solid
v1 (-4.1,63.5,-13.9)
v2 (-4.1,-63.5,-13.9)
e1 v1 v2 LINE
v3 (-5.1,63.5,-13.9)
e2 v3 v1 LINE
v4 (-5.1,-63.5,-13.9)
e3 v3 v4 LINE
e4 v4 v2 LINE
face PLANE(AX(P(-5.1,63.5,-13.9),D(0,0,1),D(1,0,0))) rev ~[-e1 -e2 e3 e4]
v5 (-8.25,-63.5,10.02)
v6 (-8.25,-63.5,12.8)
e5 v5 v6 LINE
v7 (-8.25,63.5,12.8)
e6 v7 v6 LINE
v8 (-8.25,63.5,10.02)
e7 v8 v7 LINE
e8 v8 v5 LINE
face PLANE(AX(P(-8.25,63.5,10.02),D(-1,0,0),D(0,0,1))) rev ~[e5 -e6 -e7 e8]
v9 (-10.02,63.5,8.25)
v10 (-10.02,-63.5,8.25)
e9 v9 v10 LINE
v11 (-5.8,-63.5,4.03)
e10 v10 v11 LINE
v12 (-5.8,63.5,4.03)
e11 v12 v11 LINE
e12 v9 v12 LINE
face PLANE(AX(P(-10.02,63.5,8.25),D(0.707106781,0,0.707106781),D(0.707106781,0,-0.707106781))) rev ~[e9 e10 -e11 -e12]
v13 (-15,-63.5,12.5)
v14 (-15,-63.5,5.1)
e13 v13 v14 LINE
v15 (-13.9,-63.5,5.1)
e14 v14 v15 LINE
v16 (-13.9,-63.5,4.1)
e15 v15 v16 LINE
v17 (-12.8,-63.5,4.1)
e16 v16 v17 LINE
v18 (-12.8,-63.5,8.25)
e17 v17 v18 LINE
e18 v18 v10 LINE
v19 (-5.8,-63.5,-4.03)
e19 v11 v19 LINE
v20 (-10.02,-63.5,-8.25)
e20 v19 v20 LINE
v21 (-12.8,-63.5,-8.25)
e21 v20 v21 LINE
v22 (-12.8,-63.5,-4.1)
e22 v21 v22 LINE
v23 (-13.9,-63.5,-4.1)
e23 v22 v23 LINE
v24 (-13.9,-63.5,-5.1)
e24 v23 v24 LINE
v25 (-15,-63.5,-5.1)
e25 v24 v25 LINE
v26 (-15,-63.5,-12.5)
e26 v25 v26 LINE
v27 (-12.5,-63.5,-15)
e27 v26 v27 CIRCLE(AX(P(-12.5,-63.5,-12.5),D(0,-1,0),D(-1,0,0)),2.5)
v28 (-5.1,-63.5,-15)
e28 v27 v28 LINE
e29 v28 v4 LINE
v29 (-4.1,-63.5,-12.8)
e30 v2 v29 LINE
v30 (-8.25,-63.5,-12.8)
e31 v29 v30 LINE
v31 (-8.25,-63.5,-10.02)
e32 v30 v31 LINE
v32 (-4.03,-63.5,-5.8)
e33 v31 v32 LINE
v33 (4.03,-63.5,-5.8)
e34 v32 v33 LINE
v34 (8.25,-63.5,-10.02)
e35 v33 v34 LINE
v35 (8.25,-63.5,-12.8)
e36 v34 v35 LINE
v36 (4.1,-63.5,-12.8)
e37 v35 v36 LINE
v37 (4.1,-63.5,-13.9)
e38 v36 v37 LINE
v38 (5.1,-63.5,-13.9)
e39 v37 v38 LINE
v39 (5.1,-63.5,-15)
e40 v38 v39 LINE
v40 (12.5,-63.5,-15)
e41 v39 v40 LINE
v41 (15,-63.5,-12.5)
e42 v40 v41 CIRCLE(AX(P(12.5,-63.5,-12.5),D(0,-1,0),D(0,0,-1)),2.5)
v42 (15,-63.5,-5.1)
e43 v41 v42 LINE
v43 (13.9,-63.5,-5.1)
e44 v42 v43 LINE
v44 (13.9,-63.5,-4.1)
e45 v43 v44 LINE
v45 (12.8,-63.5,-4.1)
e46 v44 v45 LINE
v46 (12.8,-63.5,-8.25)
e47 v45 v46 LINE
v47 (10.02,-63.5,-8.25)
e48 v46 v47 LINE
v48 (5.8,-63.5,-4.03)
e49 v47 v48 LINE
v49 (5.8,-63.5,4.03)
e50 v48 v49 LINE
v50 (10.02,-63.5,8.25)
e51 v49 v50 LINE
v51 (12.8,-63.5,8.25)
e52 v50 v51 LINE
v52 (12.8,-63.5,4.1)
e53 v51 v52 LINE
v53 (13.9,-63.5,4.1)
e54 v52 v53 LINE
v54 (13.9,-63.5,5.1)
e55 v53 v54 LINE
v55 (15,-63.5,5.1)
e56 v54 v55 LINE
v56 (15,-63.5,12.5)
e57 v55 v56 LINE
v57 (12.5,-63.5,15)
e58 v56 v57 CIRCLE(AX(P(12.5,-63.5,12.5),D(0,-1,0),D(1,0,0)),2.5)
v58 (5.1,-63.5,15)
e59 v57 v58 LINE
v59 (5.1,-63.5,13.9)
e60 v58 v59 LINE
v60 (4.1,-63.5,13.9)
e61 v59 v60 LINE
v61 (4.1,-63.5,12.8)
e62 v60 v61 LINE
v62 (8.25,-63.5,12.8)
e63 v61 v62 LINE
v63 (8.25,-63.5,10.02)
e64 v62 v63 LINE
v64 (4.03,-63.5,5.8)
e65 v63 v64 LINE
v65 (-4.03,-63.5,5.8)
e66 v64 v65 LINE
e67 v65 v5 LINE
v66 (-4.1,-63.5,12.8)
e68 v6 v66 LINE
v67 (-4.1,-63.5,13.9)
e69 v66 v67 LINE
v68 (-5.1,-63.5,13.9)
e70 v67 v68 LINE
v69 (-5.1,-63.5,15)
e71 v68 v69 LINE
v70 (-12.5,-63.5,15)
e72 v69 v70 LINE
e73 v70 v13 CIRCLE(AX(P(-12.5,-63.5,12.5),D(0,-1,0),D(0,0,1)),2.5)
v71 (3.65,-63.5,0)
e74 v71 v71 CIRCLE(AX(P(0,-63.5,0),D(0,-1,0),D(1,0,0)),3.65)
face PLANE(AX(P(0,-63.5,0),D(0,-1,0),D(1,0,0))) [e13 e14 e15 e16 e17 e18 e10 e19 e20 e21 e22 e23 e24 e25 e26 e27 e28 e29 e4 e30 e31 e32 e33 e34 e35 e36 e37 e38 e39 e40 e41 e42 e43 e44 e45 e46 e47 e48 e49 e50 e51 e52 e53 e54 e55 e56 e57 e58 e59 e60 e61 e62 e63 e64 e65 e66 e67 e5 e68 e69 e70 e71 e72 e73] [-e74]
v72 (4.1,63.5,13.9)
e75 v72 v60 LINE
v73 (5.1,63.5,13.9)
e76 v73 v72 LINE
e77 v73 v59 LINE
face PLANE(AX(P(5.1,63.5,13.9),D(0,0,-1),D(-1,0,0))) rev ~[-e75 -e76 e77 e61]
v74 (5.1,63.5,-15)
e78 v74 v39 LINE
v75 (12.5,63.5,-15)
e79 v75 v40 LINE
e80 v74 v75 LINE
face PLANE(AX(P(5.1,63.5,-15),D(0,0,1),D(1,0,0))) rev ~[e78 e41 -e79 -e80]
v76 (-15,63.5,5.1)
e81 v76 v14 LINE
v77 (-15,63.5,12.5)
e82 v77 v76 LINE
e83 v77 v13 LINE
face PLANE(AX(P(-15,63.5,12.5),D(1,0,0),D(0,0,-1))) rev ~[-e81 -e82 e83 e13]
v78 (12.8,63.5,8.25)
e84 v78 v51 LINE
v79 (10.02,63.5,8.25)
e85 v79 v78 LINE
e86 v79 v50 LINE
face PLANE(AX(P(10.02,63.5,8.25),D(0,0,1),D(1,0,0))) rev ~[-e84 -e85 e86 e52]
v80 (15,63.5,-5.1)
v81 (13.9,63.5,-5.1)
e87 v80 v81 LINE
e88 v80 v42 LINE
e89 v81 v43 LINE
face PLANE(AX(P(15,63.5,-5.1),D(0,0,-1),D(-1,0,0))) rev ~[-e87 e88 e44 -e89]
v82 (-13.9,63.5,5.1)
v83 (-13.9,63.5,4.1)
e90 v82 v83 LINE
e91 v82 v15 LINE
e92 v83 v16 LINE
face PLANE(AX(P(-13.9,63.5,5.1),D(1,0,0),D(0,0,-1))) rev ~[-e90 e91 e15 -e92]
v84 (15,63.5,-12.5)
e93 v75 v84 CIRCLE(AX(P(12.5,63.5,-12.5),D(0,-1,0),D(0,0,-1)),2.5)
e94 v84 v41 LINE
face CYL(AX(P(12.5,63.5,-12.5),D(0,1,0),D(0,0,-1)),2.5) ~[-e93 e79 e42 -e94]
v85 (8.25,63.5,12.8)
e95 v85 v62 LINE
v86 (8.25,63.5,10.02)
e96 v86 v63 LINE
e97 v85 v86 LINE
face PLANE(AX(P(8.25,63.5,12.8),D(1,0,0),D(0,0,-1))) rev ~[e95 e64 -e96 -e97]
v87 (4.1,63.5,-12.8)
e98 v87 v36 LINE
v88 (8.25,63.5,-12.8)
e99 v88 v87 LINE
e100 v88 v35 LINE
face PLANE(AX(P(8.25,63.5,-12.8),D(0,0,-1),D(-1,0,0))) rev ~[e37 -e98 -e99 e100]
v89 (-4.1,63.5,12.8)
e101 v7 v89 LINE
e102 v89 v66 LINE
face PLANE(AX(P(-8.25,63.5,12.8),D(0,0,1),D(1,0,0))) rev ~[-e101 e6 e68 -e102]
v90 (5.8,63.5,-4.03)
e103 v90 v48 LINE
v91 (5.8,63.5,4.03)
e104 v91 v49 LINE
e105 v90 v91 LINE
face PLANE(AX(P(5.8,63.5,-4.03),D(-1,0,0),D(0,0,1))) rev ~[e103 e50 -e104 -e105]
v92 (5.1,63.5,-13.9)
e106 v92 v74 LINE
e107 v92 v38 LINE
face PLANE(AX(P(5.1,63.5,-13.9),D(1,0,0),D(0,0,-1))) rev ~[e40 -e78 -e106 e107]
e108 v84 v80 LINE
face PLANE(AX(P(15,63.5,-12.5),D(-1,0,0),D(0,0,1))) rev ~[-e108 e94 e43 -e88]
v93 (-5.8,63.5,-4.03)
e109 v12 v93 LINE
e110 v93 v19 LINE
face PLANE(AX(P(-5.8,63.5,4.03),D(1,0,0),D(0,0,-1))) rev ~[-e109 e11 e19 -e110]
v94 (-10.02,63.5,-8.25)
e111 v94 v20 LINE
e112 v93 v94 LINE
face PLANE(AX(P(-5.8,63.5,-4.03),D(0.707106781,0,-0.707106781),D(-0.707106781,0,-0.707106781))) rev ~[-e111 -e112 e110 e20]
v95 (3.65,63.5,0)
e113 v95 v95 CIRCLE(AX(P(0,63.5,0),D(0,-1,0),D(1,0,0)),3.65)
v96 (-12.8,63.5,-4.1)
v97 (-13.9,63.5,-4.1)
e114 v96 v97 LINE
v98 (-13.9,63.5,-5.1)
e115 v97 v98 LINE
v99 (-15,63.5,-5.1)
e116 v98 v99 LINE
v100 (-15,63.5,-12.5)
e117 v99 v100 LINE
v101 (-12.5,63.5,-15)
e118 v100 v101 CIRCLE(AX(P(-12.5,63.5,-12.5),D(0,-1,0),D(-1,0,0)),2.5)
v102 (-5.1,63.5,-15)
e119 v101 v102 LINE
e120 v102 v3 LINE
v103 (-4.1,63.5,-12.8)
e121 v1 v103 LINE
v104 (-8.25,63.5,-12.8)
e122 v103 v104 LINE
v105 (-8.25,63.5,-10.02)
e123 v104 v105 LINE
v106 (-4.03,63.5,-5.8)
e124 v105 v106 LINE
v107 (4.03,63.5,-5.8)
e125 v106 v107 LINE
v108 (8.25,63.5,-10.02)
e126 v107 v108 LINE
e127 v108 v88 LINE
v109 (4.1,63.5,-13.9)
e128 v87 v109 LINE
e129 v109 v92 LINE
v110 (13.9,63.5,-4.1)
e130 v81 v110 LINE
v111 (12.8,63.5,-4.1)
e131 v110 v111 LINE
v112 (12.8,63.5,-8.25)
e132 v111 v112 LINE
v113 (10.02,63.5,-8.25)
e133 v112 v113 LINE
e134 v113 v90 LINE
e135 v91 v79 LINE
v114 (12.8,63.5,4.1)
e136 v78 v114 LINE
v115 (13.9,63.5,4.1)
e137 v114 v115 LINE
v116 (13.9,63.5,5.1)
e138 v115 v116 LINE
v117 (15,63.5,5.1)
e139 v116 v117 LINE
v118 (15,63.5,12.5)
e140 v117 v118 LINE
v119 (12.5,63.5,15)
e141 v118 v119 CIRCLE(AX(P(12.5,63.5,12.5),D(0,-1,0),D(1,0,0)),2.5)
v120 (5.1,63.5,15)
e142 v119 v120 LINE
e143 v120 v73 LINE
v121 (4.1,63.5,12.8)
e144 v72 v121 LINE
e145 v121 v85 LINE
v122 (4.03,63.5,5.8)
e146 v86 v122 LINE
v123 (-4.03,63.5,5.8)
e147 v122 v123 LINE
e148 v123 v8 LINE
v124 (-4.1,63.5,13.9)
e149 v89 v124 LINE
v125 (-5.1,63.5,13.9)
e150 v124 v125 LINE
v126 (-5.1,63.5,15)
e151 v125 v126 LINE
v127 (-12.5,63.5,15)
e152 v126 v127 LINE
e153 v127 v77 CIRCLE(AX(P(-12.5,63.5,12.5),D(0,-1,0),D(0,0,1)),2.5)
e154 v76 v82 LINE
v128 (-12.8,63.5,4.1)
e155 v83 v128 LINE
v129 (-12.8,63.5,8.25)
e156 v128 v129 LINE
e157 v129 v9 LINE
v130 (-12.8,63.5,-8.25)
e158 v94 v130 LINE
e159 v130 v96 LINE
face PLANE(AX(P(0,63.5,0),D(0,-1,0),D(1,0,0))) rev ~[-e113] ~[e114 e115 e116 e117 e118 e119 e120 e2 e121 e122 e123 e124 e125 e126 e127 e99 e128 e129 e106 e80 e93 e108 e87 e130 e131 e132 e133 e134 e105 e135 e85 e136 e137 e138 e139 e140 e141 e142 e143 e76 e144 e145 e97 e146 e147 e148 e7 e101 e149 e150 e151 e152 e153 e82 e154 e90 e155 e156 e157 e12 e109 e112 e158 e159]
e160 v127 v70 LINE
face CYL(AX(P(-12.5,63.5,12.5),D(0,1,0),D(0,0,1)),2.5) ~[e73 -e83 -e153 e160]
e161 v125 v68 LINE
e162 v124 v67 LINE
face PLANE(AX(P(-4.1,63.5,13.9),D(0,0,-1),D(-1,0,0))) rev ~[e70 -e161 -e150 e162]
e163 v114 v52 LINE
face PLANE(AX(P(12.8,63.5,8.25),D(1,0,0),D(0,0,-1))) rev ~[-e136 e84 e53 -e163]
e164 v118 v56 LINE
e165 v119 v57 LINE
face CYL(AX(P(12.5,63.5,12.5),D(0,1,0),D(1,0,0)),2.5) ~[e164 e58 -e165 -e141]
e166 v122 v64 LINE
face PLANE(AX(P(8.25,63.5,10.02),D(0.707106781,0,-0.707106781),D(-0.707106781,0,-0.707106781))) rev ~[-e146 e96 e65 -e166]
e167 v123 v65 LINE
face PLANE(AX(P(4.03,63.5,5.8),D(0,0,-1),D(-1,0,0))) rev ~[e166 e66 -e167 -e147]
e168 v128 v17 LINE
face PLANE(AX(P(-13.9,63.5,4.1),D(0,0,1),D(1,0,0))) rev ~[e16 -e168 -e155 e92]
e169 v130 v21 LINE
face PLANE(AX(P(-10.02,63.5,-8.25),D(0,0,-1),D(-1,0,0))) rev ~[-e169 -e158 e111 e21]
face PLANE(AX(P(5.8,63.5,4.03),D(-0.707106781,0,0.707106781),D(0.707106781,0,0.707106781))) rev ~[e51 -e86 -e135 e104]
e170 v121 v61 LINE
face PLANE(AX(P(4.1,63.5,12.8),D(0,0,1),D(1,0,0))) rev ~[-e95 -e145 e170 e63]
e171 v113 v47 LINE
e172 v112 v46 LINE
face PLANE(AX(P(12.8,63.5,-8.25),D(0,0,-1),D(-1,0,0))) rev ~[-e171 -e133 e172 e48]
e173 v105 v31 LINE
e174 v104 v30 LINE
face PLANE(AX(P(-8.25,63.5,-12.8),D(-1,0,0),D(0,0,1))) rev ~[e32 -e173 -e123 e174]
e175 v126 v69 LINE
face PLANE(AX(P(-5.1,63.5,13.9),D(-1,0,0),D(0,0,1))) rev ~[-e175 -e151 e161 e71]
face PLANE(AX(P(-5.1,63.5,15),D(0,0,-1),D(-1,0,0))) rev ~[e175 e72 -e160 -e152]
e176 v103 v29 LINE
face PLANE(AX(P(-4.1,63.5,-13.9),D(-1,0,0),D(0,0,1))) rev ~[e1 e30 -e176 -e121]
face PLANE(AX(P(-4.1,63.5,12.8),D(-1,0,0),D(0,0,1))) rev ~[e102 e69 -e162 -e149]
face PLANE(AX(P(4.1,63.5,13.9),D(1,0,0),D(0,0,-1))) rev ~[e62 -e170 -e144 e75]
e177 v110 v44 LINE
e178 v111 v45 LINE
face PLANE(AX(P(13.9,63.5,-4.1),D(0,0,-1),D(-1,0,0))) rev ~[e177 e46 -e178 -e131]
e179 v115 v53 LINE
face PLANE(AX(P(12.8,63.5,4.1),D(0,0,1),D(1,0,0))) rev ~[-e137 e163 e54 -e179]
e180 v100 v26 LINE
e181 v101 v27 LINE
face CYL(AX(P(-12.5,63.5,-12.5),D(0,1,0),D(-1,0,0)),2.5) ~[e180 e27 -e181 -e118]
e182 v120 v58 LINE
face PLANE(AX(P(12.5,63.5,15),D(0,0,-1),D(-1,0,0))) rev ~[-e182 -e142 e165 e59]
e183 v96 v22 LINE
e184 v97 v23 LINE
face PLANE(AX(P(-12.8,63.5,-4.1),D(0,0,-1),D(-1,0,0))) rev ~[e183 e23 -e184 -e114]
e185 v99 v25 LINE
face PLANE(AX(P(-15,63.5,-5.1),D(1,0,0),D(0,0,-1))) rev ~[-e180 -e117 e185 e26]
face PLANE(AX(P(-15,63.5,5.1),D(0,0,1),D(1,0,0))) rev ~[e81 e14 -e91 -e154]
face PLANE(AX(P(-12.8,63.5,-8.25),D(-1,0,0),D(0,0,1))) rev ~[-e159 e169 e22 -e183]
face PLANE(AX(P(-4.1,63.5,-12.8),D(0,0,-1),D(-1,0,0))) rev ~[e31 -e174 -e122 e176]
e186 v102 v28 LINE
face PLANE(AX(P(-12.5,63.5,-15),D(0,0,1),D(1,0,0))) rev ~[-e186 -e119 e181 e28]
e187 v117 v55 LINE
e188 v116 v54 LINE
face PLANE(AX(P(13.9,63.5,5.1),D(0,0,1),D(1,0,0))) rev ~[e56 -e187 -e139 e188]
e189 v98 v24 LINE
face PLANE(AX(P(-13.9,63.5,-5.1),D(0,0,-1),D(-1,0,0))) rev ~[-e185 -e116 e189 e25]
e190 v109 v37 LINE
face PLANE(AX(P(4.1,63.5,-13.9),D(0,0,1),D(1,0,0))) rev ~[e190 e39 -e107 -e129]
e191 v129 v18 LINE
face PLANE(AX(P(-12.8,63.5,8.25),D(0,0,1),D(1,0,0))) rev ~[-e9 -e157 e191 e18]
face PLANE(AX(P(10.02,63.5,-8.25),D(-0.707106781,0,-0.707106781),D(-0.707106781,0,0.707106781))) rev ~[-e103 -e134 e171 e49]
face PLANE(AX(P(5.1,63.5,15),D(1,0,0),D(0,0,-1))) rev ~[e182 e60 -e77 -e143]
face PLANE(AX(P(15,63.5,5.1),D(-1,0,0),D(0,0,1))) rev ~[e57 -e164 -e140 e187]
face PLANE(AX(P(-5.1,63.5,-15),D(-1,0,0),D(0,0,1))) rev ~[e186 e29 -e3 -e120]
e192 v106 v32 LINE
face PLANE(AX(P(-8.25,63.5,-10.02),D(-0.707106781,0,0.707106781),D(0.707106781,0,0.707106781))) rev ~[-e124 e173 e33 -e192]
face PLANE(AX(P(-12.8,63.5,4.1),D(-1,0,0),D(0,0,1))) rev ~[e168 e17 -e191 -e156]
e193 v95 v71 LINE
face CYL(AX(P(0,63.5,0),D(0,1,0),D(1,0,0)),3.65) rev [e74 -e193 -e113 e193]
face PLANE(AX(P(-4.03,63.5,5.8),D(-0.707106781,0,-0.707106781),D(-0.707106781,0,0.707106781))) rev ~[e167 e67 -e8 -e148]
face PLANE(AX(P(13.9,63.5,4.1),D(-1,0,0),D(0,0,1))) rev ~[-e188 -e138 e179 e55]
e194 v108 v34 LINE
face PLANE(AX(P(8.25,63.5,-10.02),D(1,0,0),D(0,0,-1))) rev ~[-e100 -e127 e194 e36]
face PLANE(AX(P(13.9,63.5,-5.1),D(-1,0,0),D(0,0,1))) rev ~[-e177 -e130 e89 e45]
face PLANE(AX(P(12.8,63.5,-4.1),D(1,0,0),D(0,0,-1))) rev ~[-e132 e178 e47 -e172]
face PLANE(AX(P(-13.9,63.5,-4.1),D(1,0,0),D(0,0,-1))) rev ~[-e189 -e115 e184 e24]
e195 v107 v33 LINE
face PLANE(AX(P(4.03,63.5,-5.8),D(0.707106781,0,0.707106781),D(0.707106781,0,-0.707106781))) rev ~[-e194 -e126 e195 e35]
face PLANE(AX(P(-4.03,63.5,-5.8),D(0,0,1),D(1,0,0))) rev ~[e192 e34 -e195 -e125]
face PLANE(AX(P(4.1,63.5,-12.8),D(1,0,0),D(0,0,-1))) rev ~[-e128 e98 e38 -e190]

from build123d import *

# Parameters (mm, degrees)
SKETCH13_R                          = 3.65
BOSCHREXROTH_BOSCH_30X30_V2_1_DEPTH = 127


with BuildPart() as part:
    # Sketch13 → Boschrexroth BOSCH_30X30_V2(1) (new body)
    with BuildSketch(Plane.XZ.offset(-63.5)):
        with BuildLine():
            Line((0, 5.8), (-4.03, 5.8))
            Line((-4.03, 5.8), (-8.25, 10.02))
            Line((-8.25, 10.02), (-8.25, 12.8))
            Line((-8.25, 12.8), (-4.1, 12.8))
            Line((-4.1, 12.8), (-4.1, 13.9))
            Line((-4.1, 13.9), (-5.1, 13.9))
            Line((-5.1, 13.9), (-5.1, 15))
            Line((-5.1, 15), (-12.5, 15))
            ThreePointArc((-12.5, 15), (-14.267766953, 14.267766953), (-15, 12.5))
            Line((-15, 12.5), (-15, 5.1))
            Line((-15, 5.1), (-13.9, 5.1))
            Line((-13.9, 5.1), (-13.9, 4.1))
            Line((-13.9, 4.1), (-12.8, 4.1))
            Line((-12.8, 4.1), (-12.8, 8.25))
            Line((-12.8, 8.25), (-10.02, 8.25))
            Line((-10.02, 8.25), (-5.8, 4.03))
            Line((-5.8, 4.03), (-5.8, 0))
            Line((-5.8, 0), (-5.8, -4.03))
            Line((-5.8, -4.03), (-10.02, -8.25))
            Line((-10.02, -8.25), (-12.8, -8.25))
            Line((-12.8, -8.25), (-12.8, -4.1))
            Line((-12.8, -4.1), (-13.9, -4.1))
            Line((-13.9, -4.1), (-13.9, -5.1))
            Line((-13.9, -5.1), (-15, -5.1))
            Line((-15, -5.1), (-15, -12.5))
            ThreePointArc((-15, -12.5), (-14.267766953, -14.267766953), (-12.5, -15))
            Line((-12.5, -15), (-5.1, -15))
            Line((-5.1, -15), (-5.1, -13.9))
            Line((-5.1, -13.9), (-4.1, -13.9))
            Line((-4.1, -13.9), (-4.1, -12.8))
            Line((-4.1, -12.8), (-8.25, -12.8))
            Line((-8.25, -12.8), (-8.25, -10.02))
            Line((-8.25, -10.02), (-4.03, -5.8))
            Line((-4.03, -5.8), (4.03, -5.8))
            Line((4.03, -5.8), (8.25, -10.02))
            Line((8.25, -10.02), (8.25, -12.8))
            Line((8.25, -12.8), (4.1, -12.8))
            Line((4.1, -12.8), (4.1, -13.9))
            Line((4.1, -13.9), (5.1, -13.9))
            Line((5.1, -13.9), (5.1, -15))
            Line((5.1, -15), (12.5, -15))
            ThreePointArc((12.5, -15), (14.267766953, -14.267766953), (15, -12.5))
            Line((15, -12.5), (15, -5.1))
            Line((15, -5.1), (13.9, -5.1))
            Line((13.9, -5.1), (13.9, -4.1))
            Line((13.9, -4.1), (12.8, -4.1))
            Line((12.8, -4.1), (12.8, -8.25))
            Line((12.8, -8.25), (10.02, -8.25))
            Line((10.02, -8.25), (5.8, -4.03))
            Line((5.8, -4.03), (5.8, 0))
            Line((5.8, 0), (5.8, 4.03))
            Line((5.8, 4.03), (10.02, 8.25))
            Line((10.02, 8.25), (12.8, 8.25))
            Line((12.8, 8.25), (12.8, 4.1))
            Line((12.8, 4.1), (13.9, 4.1))
            Line((13.9, 4.1), (13.9, 5.1))
            Line((13.9, 5.1), (15, 5.1))
            Line((15, 5.1), (15, 12.5))
            ThreePointArc((15, 12.5), (14.267766953, 14.267766953), (12.5, 15))
            Line((12.5, 15), (5.1, 15))
            Line((5.1, 15), (5.1, 13.9))
            Line((5.1, 13.9), (4.1, 13.9))
            Line((4.1, 13.9), (4.1, 12.8))
            Line((4.1, 12.8), (8.25, 12.8))
            Line((8.25, 12.8), (8.25, 10.02))
            Line((8.25, 10.02), (4.03, 5.8))
            Line((4.03, 5.8), (0, 5.8))
        make_face()
        Circle(SKETCH13_R, mode=Mode.SUBTRACT)
    extrude(amount=BOSCHREXROTH_BOSCH_30X30_V2_1_DEPTH)


solid = part.part
